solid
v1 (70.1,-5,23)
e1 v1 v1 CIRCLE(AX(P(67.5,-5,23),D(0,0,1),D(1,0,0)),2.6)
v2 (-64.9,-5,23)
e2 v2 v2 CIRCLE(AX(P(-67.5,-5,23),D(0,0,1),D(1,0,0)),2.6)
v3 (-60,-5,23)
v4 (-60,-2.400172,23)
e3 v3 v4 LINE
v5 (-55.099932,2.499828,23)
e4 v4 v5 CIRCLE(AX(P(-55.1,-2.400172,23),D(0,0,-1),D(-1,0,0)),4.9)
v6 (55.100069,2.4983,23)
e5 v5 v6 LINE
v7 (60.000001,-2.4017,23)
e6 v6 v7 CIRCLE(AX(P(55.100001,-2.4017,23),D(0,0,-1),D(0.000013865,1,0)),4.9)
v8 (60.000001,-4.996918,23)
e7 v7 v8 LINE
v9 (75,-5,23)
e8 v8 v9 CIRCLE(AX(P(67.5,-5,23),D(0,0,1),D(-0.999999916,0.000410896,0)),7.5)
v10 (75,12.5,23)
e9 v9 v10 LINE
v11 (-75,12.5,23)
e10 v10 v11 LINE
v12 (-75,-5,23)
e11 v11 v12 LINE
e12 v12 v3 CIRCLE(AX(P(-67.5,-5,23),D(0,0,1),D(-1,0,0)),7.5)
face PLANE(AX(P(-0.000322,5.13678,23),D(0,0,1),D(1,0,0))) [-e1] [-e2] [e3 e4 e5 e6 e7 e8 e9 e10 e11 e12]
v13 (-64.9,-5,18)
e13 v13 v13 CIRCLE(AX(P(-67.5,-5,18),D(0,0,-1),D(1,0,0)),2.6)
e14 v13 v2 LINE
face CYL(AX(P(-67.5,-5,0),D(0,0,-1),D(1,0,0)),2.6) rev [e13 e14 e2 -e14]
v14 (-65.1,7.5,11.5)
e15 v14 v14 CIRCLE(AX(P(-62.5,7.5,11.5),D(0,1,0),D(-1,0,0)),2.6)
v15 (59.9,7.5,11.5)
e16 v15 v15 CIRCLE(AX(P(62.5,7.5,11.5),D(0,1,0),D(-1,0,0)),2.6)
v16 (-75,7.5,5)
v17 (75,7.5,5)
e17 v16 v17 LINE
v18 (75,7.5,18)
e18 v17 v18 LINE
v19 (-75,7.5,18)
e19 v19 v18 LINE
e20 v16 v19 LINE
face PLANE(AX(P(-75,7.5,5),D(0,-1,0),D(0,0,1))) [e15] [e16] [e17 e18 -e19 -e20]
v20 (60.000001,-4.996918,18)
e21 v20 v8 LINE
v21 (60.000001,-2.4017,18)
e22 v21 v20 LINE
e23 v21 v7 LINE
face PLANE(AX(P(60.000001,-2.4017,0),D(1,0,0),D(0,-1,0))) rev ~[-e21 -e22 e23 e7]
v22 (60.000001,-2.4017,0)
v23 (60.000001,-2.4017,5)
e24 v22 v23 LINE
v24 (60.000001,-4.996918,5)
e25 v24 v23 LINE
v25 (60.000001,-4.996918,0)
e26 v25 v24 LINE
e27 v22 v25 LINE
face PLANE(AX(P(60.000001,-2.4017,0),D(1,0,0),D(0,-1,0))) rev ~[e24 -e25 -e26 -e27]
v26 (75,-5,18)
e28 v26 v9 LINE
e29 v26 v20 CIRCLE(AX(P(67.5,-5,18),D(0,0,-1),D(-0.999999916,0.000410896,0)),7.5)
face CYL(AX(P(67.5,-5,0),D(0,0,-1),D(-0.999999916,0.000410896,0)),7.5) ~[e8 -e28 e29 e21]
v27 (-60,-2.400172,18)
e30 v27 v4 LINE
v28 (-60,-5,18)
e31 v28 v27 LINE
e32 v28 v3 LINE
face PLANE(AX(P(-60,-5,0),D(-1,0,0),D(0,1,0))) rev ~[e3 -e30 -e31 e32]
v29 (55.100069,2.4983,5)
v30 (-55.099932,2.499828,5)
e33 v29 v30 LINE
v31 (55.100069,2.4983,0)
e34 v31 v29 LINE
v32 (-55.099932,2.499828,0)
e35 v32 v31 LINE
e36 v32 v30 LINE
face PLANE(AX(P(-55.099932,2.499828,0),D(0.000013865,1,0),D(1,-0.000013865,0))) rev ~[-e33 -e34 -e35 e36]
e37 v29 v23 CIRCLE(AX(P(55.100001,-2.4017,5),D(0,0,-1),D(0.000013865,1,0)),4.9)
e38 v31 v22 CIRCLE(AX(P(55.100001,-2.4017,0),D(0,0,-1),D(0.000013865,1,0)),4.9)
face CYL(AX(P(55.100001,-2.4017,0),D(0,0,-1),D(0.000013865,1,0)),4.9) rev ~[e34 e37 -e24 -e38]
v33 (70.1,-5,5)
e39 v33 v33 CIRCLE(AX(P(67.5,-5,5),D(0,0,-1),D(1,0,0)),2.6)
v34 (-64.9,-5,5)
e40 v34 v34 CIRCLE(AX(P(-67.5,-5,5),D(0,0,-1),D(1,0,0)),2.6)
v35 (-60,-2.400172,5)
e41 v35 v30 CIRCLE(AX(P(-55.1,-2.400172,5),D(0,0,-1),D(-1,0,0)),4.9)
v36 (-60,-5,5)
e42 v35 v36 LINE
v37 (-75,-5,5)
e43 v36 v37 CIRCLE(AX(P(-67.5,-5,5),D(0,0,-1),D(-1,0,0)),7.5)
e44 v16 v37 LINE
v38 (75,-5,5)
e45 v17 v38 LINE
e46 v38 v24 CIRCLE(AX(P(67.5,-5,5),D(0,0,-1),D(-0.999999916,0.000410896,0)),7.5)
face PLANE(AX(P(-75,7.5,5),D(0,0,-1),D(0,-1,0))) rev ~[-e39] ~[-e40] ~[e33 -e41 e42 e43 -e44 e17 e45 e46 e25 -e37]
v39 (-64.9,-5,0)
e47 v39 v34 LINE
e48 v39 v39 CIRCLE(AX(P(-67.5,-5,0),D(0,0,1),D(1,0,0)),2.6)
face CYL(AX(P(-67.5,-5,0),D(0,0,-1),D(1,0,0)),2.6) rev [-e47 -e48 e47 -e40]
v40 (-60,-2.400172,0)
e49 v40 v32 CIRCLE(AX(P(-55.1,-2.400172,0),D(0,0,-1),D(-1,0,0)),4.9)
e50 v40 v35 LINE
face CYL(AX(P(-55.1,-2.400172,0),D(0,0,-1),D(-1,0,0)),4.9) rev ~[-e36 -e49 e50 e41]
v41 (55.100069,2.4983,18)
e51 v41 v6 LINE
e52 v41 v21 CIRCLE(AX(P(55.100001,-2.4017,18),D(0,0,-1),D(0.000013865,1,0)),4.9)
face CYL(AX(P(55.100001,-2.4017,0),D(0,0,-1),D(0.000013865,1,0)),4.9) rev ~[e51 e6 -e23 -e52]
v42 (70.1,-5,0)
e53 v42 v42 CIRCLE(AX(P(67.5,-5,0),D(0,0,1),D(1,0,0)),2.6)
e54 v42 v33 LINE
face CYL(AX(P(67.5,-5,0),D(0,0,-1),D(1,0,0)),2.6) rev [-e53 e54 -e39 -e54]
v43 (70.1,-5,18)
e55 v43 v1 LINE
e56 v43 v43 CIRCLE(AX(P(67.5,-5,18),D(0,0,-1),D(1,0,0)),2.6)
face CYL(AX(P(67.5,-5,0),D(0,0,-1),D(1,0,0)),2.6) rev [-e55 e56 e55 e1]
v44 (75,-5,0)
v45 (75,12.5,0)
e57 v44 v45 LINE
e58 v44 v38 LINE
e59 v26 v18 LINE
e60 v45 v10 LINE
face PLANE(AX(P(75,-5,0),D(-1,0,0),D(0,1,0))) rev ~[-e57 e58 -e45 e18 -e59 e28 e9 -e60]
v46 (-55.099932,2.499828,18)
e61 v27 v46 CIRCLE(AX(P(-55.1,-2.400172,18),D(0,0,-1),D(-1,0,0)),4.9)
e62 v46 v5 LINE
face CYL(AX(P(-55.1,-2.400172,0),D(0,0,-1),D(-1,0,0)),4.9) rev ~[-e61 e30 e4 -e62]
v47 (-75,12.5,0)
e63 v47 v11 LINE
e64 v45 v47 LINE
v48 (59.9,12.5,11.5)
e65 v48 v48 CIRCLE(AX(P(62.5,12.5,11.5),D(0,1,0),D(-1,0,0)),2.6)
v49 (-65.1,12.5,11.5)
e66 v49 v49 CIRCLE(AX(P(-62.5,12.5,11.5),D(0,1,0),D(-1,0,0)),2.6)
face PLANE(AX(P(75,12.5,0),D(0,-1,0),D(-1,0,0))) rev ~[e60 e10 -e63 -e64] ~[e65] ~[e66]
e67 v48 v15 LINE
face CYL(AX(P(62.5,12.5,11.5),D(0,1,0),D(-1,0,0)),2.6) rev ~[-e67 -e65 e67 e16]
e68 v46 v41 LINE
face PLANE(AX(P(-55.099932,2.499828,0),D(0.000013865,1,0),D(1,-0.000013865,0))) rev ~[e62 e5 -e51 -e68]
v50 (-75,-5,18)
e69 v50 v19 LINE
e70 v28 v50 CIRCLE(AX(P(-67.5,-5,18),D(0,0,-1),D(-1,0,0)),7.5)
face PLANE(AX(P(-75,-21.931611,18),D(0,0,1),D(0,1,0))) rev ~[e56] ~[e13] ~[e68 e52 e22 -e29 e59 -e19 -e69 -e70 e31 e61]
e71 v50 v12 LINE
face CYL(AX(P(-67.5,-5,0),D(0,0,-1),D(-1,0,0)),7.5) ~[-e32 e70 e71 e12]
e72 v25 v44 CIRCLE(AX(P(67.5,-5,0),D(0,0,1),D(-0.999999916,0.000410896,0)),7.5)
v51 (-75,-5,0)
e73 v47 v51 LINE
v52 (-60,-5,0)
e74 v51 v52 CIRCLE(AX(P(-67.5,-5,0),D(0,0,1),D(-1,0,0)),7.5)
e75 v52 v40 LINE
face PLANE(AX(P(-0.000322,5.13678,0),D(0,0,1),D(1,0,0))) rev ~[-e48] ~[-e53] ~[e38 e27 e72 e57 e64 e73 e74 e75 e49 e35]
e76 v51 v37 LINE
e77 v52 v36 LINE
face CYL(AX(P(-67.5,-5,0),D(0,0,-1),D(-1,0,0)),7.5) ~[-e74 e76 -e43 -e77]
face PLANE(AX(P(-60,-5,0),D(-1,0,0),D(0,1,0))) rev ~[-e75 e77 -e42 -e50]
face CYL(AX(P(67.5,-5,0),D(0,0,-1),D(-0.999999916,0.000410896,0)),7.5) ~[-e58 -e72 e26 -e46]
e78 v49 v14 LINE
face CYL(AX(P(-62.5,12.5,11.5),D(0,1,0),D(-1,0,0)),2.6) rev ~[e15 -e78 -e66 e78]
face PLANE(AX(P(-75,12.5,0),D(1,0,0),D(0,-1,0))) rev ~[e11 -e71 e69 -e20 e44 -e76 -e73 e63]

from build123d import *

# Parameters (mm, degrees)
F0_R     = 2.6
F1_DEPTH = 23
F2_W     = 12.5
F2_H     = 13
F2_W_2   = 16.9316109251
F3_DEPTH = 150.001
F4_R     = 2.6
F5_DEPTH = 25.001


with BuildPart() as f1:
    # F0 (on Top) → F1 (new body)
    with BuildSketch(Plane.XY):
        with BuildLine():
            Line((75, -5), (75, 12.5))
            Line((75, 12.5), (-75, 12.5))
            Line((-75, 12.5), (-75, -5))
            ThreePointArc((-75, -5), (-67.5, -12.5), (-60, -5))
            Line((-60, -5), (-60, -2.4001719305))
            ThreePointArc((-60, -2.4001719305), (-58.5647992072, 1.0646753177), (-55.0999320596, 2.499828069))
            Line((-55.0999320596, 2.499828069), (55.1000685735, 2.4983001034))
            ThreePointArc((55.1000685735, 2.4983001034), (58.5648478814, 1.0630993111), (60.0000006331, -2.4016998961))
            Line((60.0000006331, -2.4016998961), (60.0000006331, -4.9969182812))
            ThreePointArc((60.0000006331, -4.9969182812), (67.4984591406, -12.4999998417), (75, -5))
        make_face()
        with Locations((-67.5, -5)):
            Circle(F0_R, mode=Mode.SUBTRACT)
        with Locations((67.5, -5)):
            Circle(F0_R, mode=Mode.SUBTRACT)
    extrude(amount=F1_DEPTH)

    # F2 (on face) → F3 (cut, through all)
    with BuildSketch(Plane(origin=(-75, 0, 0), x_dir=(0, -1, 0), z_dir=(-1, 0, 0))):
        with Locations((-1.25, 11.5)):
            Rectangle(F2_W, F2_H)
        with Locations((13.4658054625, 11.5)):
            Rectangle(F2_W_2, F2_H)
    extrude(amount=-F3_DEPTH, mode=Mode.SUBTRACT)

    # F4 (on face) → F5 (cut, through all)
    with BuildSketch(Plane(origin=(0, 12.5, 0), x_dir=(-1, 0, 0), z_dir=(0, 1, 0))):
        with Locations((62.5, 11.5)):
            Circle(F4_R)
        with Locations((-62.5, 11.5)):
            Circle(F4_R)
    extrude(amount=-F5_DEPTH, mode=Mode.SUBTRACT)


solid = f1.part
